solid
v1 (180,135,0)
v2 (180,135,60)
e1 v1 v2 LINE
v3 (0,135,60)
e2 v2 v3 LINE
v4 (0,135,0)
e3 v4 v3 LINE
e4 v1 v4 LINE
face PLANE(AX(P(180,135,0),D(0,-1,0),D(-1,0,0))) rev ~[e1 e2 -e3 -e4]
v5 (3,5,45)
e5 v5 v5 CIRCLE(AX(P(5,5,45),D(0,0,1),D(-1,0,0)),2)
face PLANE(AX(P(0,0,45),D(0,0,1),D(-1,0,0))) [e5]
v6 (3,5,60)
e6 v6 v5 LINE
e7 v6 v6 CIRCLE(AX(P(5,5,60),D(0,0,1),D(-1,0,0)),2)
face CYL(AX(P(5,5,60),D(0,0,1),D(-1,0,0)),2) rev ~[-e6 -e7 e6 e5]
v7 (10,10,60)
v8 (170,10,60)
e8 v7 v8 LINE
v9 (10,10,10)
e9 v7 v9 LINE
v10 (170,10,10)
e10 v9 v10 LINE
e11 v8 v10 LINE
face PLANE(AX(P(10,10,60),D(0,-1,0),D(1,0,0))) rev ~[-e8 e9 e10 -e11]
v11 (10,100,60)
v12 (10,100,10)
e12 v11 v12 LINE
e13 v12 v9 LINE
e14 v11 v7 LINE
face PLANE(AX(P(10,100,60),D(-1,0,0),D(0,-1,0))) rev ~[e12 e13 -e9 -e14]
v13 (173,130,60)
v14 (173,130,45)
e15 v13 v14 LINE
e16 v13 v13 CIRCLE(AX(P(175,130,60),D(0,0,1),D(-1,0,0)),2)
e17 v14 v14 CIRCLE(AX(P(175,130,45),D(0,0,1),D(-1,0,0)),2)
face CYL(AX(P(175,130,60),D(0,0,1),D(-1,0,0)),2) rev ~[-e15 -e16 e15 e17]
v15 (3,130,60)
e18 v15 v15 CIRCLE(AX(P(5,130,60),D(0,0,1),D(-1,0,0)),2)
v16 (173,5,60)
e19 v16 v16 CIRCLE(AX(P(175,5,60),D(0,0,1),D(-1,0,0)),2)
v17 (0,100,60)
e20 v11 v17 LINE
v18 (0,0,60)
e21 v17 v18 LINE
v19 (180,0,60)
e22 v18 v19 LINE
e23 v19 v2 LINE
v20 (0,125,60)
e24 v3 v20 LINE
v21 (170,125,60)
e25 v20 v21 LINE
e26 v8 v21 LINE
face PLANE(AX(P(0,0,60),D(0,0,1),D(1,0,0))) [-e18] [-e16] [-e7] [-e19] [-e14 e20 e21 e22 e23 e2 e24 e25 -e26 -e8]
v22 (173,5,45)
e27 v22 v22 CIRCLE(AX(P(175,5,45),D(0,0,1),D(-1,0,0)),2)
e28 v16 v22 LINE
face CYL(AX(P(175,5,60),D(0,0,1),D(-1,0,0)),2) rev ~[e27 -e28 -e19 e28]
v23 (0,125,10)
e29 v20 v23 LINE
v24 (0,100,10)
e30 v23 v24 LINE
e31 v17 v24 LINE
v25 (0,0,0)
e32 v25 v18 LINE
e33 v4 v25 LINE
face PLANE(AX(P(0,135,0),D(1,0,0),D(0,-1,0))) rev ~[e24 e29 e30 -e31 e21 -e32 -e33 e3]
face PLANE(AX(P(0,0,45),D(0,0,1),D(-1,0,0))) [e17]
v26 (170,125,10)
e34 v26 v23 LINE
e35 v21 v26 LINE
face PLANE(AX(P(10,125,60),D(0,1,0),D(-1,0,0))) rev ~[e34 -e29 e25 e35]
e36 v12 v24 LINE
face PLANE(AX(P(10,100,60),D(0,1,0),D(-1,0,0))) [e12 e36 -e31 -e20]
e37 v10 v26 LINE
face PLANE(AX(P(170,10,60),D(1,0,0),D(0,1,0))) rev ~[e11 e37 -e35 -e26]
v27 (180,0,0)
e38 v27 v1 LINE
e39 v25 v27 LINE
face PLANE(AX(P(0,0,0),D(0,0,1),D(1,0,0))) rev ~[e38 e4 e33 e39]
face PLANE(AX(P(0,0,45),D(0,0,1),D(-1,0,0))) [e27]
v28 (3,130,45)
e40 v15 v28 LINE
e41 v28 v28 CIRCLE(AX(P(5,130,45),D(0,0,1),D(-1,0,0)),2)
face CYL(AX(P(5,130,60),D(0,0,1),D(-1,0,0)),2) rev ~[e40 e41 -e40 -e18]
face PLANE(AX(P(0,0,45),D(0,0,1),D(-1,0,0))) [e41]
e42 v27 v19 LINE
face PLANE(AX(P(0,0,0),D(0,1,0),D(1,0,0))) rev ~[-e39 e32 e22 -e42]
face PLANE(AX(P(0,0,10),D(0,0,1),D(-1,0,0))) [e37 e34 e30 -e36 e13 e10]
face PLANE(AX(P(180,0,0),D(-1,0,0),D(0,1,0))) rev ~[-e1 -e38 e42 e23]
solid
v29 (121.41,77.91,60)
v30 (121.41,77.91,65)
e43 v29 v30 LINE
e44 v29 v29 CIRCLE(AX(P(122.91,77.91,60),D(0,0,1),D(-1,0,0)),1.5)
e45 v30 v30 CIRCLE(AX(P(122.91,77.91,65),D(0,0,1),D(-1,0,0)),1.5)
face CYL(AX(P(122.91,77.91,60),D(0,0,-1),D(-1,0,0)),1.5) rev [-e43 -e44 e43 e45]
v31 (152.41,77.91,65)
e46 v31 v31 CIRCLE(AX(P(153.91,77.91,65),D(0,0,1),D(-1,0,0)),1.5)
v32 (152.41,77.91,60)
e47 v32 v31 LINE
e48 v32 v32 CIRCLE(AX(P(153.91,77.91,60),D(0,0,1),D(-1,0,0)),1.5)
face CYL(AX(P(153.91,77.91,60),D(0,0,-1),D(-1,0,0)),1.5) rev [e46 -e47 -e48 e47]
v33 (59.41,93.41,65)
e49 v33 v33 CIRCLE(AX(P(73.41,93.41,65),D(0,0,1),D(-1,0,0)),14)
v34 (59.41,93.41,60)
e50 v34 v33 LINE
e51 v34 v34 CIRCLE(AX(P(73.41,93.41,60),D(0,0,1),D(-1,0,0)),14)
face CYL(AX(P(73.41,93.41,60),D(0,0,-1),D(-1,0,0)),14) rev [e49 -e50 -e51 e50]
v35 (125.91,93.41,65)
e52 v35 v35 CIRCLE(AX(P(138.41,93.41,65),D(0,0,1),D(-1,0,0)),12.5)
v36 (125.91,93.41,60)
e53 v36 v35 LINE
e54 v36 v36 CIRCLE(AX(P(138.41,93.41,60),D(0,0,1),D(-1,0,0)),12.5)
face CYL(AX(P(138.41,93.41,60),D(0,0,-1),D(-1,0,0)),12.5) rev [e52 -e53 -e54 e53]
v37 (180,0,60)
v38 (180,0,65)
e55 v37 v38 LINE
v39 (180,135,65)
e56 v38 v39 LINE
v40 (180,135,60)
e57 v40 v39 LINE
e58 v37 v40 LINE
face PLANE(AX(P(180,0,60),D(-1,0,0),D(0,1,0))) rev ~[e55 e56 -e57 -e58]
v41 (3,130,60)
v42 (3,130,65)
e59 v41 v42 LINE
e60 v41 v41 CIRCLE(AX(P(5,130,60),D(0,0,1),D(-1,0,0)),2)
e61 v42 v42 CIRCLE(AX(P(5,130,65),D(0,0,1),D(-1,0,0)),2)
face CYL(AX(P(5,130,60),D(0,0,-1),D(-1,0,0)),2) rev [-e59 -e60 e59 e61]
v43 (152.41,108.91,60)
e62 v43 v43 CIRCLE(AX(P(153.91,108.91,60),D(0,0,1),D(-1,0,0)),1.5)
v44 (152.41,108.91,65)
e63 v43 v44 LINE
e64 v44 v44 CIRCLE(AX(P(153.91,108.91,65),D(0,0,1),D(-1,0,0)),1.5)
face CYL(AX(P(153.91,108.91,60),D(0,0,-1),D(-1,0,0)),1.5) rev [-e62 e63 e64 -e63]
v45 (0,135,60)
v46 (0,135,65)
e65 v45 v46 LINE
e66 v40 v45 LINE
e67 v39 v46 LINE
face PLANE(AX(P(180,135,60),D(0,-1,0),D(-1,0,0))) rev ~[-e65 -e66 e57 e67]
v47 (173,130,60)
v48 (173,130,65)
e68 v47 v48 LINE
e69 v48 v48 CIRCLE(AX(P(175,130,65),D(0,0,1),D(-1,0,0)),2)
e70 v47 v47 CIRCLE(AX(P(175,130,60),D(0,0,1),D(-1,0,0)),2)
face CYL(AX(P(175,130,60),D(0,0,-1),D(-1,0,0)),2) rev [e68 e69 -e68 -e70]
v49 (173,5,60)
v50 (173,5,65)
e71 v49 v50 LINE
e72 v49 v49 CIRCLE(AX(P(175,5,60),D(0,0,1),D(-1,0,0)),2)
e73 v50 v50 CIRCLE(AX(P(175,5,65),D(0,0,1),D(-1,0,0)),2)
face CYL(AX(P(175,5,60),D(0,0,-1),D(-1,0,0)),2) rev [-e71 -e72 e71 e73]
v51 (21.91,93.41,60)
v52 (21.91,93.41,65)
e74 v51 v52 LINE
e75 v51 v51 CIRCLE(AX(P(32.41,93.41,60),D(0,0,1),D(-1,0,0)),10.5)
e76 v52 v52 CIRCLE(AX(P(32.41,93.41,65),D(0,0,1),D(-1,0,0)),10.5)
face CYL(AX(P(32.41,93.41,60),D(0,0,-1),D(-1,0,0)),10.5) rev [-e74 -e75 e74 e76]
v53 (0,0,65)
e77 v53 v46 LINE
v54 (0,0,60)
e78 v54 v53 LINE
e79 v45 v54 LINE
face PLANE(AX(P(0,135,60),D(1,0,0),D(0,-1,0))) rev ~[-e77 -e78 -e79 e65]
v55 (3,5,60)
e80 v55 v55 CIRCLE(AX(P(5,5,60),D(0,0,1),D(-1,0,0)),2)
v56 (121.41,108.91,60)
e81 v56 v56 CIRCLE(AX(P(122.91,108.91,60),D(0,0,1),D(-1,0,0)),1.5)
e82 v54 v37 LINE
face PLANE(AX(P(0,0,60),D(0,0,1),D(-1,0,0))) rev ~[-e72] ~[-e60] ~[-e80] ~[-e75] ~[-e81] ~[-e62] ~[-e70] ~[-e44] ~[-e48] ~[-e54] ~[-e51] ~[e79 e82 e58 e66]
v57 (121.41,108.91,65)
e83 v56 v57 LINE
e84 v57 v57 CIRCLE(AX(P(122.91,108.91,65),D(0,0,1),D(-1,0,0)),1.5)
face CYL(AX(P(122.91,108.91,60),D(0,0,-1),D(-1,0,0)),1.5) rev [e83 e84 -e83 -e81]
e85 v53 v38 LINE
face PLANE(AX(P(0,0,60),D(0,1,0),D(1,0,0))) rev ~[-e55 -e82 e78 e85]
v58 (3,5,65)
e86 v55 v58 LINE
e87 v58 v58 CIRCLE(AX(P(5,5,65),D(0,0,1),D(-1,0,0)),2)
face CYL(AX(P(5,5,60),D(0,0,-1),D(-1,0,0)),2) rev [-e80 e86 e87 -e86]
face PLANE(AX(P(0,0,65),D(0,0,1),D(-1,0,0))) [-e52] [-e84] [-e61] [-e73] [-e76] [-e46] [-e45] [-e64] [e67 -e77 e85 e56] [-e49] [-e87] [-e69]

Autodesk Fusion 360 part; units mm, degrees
sketch "Sketch1" plane through (0, 0, 0) normal (0, 0, 1) x (1, 0, 0)
  line L0 (0, 0) -> (180, 0)
  line L1 (180, 0) -> (180, 135)
  line L2 (180, 135) -> (0, 135)
  line L3 (0, 135) -> (0, 0)
  dimension "d1" = 180
  dimension "d2" = 135
extrude "Extrude1" add sketch "Sketch1" along normal blind 60 makes body 1
sketch "Sketch2" plane through (0, 0, 60) normal (0, 0, 1) x (-1, 0, 0)
  line L0 (0, -135) -> (0, 0)
  line L1 (0, 0) -> (-180, 0)
  line L2 (-180, 0) -> (-180, -135)
  line L3 (-180, -135) -> (0, -135)
  line L4 (-10, -10) -> (-170, -10)
  line L5 (-170, -10) -> (-170, -125)
  line L6 (-170, -125) -> (-10, -125)
  line L7 (-10, -125) -> (0, -125)
  line L8 (-10, -100) -> (0, -100)
  line L9 (0, -100) -> (0, -125)
  line L10 (-10, -100) -> (-10, -10)
  dimension "d5" = 160
  dimension "d6" = 115
extrude "Extrude2" cut sketch "Sketch2" against normal blind 50 contours L0 L4 L5 L6 L7 L8 L9 L10 bodies 1
sketch "Sketch3" plane through (0, 0, 60) normal (0, 0, 1) x (-1, 0, 0)
  line L0 (-10, -100) -> (0, -100)
  line L1 (0, -100) -> (0, 0)
  line L2 (0, 0) -> (-180, 0)
  line L3 (-180, 0) -> (-180, -135)
  line L4 (-180, -135) -> (0, -135)
  line L5 (0, -135) -> (0, -125)
  line L6 (0, -125) -> (-170, -125)
  line L7 (-170, -125) -> (-170, -10)
  line L8 (-170, -10) -> (-10, -10)
  line L9 (-10, -10) -> (-10, -100)
  circle A0 centre (-5, -5) radius 2
  circle A1 centre (-175, -5) radius 2
  circle A2 centre (-175, -130) radius 2
  circle A3 centre (-5, -130) radius 2
  dimension "d9" = 4
  dimension "d10" = 4
  dimension "d11" = 4
  dimension "d12" = 4
extrude "Extrude3" cut sketch "Sketch3" against normal blind 15 contours A0 | A1 | A2 | A3 bodies 1
sketch "Sketch4" plane through (0, 0, 60) normal (0, 0, 1) x (-1, 0, 0)
  circle A0 centre (-5, -5) radius 2
  circle A1 centre (-5, -130) radius 2
  circle A2 centre (-175, -5) radius 2
  circle A3 centre (-175, -130) radius 2
  line L0 (-10, -100) -> (0, -100)
  line L1 (0, -100) -> (0, 0)
  line L2 (0, 0) -> (-180, 0)
  line L3 (-180, 0) -> (-180, -135)
  line L4 (-180, -135) -> (0, -135)
  line L5 (0, -135) -> (0, -125)
  line L6 (0, -125) -> (-170, -125)
  line L7 (-170, -125) -> (-170, -10)
  line L8 (-170, -10) -> (-10, -10)
  line L9 (-10, -10) -> (-10, -100)
  line L10 (0, 0) -> (-180, 0)
  line L11 (-180, 0) -> (-180, -135)
  line L12 (-180, -135) -> (0, -135)
  line L13 (0, -135) -> (0, 0)
  line L14 (-116.82, -115) -> (-116.82, -108.91) construction
  line L15 (-116.82, -108.91) -> (-122.91, -108.91) construction
  circle A4 centre (-122.91, -108.91) radius 1.5
  line L16 (-122.91, -108.91) -> (-153.91, -108.91) construction
  circle A5 centre (-153.91, -108.91) radius 1.5
  line L17 (-153.91, -108.91) -> (-153.91, -77.91) construction
  circle A6 centre (-153.91, -77.91) radius 1.5
  line L18 (-122.91, -108.91) -> (-122.91, -77.91) construction
  circle A7 centre (-122.91, -77.91) radius 1.5
  line L19 (-116.82, -115) -> (-160, -71.82) construction
  line L20 (-116.82, -71.82) -> (-160, -115) construction
  circle A8 centre (-138.41, -93.41) radius 12.5
  line L21 (-138.41, -93.41) -> (-73.41, -93.41) construction
  line L22 (-73.41, -93.41) -> (-32.41, -93.41) construction
  circle A9 centre (-73.41, -93.41) radius 14
  circle A10 centre (-32.41, -93.41) radius 10.5
  dimension "d15" = 43.18
  dimension "d16" = 43.18
  dimension "d17" = 6.09
  dimension "d18" = 6.09
  dimension "d19" = 3
  dimension "d20" = 31
  dimension "d21" = 3
  dimension "d22" = 31
  dimension "d23" = 3
  dimension "d24" = 31
  dimension "d25" = 3
  dimension "d26" = 25
  dimension "d27" = 65
  dimension "d28" = 41
  dimension "d29" = 28
  dimension "d30" = 21
extrude "Extrude4" add sketch "Sketch4" along normal blind 5 separate body makes body 2
